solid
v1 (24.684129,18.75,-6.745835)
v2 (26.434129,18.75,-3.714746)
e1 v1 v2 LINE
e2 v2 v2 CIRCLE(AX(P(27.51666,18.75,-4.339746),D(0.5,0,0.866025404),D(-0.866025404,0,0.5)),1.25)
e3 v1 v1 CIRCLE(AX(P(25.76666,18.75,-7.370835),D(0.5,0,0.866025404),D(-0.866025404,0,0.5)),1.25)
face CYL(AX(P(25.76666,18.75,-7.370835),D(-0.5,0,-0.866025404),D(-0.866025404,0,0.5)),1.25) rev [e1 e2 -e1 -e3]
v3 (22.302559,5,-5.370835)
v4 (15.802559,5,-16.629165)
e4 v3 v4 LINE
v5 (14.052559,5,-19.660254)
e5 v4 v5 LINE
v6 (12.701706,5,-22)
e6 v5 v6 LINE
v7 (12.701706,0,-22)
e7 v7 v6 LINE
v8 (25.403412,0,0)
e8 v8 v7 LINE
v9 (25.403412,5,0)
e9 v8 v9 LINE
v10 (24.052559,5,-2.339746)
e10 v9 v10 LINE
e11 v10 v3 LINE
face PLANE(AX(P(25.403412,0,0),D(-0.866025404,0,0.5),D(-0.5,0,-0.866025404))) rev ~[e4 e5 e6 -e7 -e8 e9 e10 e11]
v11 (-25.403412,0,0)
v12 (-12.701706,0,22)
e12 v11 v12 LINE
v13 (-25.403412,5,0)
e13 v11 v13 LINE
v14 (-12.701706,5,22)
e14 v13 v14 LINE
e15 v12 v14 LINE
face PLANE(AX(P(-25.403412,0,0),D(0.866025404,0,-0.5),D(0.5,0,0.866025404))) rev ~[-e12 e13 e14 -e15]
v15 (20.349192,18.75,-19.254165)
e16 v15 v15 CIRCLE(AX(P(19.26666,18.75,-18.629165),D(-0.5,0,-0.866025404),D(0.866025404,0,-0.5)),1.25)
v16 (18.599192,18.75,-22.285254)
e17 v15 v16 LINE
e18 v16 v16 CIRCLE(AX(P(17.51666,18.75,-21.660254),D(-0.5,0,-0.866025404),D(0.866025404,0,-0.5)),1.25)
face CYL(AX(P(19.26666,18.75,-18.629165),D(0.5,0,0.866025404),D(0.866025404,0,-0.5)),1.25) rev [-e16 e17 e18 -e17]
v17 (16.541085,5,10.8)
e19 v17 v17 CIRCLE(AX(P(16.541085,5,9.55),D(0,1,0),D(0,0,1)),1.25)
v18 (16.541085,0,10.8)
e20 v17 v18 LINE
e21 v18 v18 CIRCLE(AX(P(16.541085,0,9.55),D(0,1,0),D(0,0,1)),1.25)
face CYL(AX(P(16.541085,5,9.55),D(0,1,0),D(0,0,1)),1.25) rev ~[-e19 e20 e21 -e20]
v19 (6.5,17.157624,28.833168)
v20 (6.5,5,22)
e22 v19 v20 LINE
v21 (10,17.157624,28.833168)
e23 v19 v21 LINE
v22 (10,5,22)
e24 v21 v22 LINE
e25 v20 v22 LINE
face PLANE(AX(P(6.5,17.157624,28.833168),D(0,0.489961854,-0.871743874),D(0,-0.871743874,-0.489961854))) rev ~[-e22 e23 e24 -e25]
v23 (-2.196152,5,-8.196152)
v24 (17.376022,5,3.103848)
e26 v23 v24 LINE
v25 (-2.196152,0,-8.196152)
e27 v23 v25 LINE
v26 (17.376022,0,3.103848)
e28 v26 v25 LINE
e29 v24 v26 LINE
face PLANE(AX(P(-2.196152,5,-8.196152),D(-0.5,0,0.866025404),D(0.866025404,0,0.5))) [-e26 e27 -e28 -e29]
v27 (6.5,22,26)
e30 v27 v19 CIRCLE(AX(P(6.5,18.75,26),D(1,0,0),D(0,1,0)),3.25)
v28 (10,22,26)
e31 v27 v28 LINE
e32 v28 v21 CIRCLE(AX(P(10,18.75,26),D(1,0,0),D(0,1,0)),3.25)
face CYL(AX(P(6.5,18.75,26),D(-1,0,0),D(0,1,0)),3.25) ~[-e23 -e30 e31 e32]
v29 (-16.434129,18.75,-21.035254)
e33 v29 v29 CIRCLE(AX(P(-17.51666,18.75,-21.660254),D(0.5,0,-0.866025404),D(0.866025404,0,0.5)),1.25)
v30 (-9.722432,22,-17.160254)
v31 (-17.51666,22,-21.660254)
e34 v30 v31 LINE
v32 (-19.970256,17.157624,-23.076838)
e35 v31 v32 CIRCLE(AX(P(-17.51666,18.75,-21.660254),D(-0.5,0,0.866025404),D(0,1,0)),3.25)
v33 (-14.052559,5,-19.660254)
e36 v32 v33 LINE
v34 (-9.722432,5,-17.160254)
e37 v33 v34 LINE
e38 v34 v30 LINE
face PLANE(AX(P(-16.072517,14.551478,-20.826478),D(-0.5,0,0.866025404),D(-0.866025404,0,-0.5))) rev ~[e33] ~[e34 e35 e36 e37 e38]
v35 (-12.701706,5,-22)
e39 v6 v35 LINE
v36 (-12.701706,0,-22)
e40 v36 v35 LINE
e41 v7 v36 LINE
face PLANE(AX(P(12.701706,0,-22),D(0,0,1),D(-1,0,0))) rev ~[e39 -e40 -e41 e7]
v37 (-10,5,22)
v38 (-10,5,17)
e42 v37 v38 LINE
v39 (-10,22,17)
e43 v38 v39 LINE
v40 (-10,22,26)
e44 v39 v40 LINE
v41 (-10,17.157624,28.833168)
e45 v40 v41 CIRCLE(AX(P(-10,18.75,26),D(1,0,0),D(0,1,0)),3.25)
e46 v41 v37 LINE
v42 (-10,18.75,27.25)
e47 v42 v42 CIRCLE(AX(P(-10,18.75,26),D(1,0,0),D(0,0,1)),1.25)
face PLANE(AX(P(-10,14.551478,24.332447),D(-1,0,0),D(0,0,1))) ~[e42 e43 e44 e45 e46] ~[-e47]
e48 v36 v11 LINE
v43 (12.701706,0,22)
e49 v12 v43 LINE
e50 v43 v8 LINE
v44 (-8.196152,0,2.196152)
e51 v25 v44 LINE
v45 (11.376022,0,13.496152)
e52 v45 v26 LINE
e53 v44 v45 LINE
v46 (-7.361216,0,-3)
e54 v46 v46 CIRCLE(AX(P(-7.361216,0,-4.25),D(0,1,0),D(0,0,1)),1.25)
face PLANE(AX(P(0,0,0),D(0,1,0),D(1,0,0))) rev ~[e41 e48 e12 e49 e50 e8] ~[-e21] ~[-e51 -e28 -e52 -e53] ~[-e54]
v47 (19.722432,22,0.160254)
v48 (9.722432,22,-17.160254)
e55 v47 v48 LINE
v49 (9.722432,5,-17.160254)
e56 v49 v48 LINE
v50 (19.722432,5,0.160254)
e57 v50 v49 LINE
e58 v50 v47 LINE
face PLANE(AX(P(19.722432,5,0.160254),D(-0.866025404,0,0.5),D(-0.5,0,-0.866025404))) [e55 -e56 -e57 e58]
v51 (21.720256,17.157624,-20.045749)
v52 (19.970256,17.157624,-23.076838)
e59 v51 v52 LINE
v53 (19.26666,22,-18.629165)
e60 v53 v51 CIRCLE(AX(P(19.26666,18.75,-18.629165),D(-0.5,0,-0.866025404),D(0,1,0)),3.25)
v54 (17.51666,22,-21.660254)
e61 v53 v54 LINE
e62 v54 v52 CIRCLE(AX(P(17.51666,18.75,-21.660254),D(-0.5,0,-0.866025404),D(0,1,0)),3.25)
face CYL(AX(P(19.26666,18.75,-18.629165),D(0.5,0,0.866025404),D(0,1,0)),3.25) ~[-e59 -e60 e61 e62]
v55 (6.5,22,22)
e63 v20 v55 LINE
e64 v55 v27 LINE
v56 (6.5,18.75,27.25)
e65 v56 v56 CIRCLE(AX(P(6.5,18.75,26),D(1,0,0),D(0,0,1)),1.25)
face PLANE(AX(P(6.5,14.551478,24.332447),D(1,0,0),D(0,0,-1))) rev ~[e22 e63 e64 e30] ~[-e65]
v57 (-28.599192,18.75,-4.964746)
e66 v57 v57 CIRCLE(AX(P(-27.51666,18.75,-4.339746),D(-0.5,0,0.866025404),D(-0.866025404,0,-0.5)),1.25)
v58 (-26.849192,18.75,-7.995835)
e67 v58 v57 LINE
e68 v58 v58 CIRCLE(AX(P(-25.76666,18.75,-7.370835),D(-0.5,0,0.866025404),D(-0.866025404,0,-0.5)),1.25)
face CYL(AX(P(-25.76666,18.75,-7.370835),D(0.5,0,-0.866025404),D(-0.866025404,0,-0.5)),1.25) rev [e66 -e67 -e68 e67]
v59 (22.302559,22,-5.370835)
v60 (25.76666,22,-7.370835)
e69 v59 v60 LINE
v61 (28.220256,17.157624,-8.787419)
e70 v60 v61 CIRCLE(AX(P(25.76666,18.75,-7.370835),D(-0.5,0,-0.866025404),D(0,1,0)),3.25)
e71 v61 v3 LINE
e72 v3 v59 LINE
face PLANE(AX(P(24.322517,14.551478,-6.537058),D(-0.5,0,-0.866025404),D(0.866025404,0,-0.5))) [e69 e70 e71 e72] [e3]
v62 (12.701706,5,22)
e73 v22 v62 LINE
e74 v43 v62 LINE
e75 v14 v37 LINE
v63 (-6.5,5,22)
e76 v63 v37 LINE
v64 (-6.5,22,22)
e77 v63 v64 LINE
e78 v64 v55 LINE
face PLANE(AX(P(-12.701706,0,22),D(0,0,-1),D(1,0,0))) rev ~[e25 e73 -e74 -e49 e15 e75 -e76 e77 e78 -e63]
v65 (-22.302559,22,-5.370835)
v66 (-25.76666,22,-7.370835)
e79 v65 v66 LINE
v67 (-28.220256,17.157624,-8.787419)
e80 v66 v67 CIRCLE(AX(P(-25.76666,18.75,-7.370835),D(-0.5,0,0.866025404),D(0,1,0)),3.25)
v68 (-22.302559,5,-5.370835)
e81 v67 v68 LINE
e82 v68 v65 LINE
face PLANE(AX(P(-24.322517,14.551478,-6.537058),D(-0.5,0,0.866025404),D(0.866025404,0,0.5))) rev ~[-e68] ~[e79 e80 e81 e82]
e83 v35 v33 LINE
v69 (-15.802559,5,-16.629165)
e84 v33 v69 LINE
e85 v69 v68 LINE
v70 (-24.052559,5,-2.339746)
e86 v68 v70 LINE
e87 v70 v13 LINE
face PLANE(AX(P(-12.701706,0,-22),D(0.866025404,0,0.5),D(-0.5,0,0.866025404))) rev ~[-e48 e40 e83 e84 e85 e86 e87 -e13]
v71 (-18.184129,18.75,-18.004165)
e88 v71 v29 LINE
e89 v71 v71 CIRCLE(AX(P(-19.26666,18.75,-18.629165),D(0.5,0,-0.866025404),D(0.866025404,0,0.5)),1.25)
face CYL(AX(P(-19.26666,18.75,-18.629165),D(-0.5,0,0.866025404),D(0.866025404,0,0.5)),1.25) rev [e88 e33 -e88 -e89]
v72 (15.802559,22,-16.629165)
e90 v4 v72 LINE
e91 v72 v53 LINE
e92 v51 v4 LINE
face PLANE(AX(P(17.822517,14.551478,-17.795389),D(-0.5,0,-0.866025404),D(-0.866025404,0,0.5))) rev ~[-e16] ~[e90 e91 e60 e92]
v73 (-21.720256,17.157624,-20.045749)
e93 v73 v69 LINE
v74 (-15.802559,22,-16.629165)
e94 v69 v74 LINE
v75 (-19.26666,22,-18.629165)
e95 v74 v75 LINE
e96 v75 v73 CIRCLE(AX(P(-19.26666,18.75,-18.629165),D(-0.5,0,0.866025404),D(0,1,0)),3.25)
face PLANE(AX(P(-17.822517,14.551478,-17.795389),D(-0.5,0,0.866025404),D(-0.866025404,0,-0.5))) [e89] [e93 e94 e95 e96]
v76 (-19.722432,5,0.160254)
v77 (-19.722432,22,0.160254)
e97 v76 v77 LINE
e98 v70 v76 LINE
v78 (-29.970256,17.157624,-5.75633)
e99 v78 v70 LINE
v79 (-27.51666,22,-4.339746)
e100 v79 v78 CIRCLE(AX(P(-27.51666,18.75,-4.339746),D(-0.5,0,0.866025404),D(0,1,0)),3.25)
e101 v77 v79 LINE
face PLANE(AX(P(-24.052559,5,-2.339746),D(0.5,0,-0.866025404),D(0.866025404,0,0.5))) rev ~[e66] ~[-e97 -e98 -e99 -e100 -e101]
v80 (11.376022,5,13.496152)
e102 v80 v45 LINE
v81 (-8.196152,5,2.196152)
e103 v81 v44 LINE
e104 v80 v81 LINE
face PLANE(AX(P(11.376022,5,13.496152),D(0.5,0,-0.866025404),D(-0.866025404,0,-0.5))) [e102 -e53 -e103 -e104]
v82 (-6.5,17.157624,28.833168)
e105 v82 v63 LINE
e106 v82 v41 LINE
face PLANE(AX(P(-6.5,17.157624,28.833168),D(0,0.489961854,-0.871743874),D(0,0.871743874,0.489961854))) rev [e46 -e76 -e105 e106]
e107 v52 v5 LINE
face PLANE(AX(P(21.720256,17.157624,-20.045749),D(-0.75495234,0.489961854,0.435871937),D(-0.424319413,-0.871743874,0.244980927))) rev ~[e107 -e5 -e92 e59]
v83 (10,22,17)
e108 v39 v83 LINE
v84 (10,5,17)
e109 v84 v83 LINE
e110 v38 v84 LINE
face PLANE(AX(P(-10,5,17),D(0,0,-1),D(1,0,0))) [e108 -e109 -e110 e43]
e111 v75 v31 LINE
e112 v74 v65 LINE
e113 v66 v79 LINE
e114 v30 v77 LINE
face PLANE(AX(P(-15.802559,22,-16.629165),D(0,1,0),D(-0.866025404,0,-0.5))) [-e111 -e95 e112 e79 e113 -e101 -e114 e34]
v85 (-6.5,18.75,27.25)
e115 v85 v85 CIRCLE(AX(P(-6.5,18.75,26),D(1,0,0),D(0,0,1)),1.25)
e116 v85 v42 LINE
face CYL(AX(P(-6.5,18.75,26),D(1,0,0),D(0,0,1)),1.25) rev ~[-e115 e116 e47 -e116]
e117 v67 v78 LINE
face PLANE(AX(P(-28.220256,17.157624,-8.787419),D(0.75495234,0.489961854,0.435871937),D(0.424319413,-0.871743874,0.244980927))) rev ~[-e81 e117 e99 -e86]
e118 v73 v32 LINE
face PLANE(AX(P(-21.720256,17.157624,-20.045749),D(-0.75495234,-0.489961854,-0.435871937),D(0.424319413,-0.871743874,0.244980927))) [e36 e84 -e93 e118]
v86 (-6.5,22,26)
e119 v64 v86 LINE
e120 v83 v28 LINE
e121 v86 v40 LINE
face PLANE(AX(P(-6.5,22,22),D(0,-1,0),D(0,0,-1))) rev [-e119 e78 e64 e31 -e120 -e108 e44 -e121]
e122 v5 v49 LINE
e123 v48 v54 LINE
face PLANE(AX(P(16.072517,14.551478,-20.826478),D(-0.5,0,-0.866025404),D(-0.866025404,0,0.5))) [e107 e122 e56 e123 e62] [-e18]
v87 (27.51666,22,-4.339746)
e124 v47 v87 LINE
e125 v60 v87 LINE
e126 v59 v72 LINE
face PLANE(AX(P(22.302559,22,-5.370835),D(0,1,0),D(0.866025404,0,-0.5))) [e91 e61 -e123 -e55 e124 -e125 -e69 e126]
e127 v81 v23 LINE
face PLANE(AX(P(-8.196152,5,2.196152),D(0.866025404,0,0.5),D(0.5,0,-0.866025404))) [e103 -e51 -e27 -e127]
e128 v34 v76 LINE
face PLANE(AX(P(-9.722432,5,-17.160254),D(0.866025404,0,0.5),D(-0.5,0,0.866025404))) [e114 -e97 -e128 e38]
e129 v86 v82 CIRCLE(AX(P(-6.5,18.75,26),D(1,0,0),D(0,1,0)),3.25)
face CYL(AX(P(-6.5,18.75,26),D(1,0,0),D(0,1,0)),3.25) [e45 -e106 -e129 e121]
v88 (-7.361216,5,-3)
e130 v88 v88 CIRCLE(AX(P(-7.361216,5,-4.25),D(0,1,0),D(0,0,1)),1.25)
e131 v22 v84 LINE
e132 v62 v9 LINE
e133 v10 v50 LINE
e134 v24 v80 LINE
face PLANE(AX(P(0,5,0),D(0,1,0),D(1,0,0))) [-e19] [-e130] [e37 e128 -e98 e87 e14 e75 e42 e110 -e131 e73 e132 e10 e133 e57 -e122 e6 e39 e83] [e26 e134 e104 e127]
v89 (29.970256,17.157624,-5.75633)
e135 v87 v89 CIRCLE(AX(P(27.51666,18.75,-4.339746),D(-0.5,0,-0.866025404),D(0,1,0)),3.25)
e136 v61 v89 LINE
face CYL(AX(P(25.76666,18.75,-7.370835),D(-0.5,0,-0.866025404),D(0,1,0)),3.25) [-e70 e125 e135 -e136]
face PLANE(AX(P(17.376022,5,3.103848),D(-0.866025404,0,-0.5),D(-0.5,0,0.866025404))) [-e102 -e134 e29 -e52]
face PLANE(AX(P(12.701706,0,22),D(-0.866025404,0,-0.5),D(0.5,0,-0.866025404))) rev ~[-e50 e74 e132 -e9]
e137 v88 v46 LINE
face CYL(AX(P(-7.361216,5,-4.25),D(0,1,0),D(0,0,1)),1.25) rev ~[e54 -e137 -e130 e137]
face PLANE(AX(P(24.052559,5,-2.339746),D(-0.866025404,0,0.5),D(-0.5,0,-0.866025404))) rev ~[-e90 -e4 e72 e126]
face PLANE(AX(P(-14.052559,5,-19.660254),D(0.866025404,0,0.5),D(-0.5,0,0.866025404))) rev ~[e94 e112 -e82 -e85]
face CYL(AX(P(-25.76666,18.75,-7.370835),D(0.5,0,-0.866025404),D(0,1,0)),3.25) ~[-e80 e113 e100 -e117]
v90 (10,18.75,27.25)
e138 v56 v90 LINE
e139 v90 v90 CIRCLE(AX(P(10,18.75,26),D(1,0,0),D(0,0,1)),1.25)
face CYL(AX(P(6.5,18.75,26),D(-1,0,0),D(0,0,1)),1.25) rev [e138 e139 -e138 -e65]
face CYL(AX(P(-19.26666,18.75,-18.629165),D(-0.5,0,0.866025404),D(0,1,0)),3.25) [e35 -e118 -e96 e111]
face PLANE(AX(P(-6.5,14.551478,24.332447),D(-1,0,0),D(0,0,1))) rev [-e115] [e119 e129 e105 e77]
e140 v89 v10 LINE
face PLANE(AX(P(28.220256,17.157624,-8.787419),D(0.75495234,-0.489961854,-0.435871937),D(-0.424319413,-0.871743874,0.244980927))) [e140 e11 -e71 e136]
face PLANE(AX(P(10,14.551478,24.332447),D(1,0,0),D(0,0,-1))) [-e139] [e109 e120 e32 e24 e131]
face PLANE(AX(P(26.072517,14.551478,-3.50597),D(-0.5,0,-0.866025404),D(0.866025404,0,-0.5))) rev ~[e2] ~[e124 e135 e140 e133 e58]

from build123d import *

# Parameters (mm, degrees)
BOSS_EXTRUDE1_DEPTH         = 5
SKETCH4_W                   = 20
SKETCH4_H                   = 5
BOSS_EXTRUDE3_DEPTH         = 17
BOSS_EXTRUDE2_START         = 6.5
SKETCH2_R                   = 1.25
BOSS_EXTRUDE2_DEPTH         = 3.5
CIRPATTERN1_COUNT           = 3
CIRPATTERN1_COPY_1_SKETCH_W = 20
CIRPATTERN1_COPY_1_SKETCH_H = 5
CIRPATTERN1_COPY_1_DEPTH    = 17
CIRPATTERN1_COPY_2_SKETCH_W = 20
CIRPATTERN1_COPY_2_SKETCH_H = 5
CIRPATTERN1_COPY_2_DEPTH    = 17
CIRPATTERN1_START           = 6.5
CIRPATTERN1_COPY_3_SKETCH_R = 1.25
CIRPATTERN1_COPY_3_DEPTH    = 3.5
CIRPATTERN1_COPY_4_SKETCH_R = 1.25
CIRPATTERN1_COPY_4_DEPTH    = 3.5
CUT_EXTRUDE1_REACH          = 47.437
CUT_EXTRUDE2_REACH          = 47.437
SKETCH6_R                   = 1.25


with BuildPart() as part:
    # Sketch1 → Boss-Extrude1 (new body)
    with BuildSketch(Plane(origin=(0, 0, 0), x_dir=(1, 0, 0), z_dir=(0, 1, 0))):
        Polygon((25.403411844, 0), (12.701705922, 22), (-12.701705922, 22), (-25.403411844, 0), (-12.701705922, -22), (12.701705922, -22), align=None)
    extrude(amount=BOSS_EXTRUDE1_DEPTH)

    # Sketch4 → Boss-Extrude3 (add)
    with BuildSketch(Plane(origin=(0, 5, 0), x_dir=(1, 0, 0), z_dir=(0, 1, 0))):
        with Locations((0, -19.5)):
            Rectangle(SKETCH4_W, SKETCH4_H)
    boss_extrude3 = extrude(amount=BOSS_EXTRUDE3_DEPTH)

    # Sketch2 → Boss-Extrude2 (add)
    with BuildSketch(Plane(origin=(0, 0, 0), x_dir=(0, 0, -1), z_dir=(1, 0, 0)).offset(BOSS_EXTRUDE2_START)):
        with BuildLine():
            Line((-22, 22), (-26, 22))
            ThreePointArc((-26, 22), (-28.805149023, 20.391230928), (-28.83316759, 17.157623974))
            Line((-28.83316759, 17.157623974), (-22, 5))
            Line((-22, 5), (-22, 22))
        make_face()
        with Locations(Location((-26, 18.75, 0), (0, 0, 180))):
            Circle(SKETCH2_R, mode=Mode.SUBTRACT)
    boss_extrude2 = extrude(amount=BOSS_EXTRUDE2_DEPTH)

    # Mirror1: Boss-Extrude3, Boss-Extrude2 across plane
    add(boss_extrude3.mirror(Plane(origin=(0, 0, 0), x_dir=(0, 0, 1), z_dir=(1, 0, 0))))
    add(boss_extrude2.mirror(Plane(origin=(0, 0, 0), x_dir=(0, 0, 1), z_dir=(1, 0, 0))))

    # CirPattern1: Boss-Extrude3, Boss-Extrude2 ×3 about axis
    cirpattern1_axis = Axis((0, 0, 0), (0, 1, 0))
    add([boss_extrude3.rotate(cirpattern1_axis, i * 360 / CIRPATTERN1_COUNT) for i in range(1, CIRPATTERN1_COUNT)])
    add([boss_extrude2.rotate(cirpattern1_axis, i * 360 / CIRPATTERN1_COUNT) for i in range(1, CIRPATTERN1_COUNT)])

    # CirPattern1 copy 1 sketch → CirPattern1 copy 1 (add)
    with BuildSketch(Plane(origin=(0, 5, 0), x_dir=(0.4999999999999998, 0, 0.8660254037844387), z_dir=(0, 1, 0))):
        with Locations((0, 19.5)):
            Rectangle(CIRPATTERN1_COPY_1_SKETCH_W, CIRPATTERN1_COPY_1_SKETCH_H)
    extrude(amount=CIRPATTERN1_COPY_1_DEPTH)

    # CirPattern1 copy 2 sketch → CirPattern1 copy 2 (add)
    with BuildSketch(Plane(origin=(0, 5, 0), x_dir=(0.5000000000000004, 0, -0.8660254037844384), z_dir=(0, 1, 0))):
        with Locations((0, 19.5)):
            Rectangle(CIRPATTERN1_COPY_2_SKETCH_W, CIRPATTERN1_COPY_2_SKETCH_H)
    extrude(amount=CIRPATTERN1_COPY_2_DEPTH)

    # CirPattern1 copy 3 sketch → CirPattern1 copy 3 (add)
    with BuildSketch(Plane(origin=(0, 0, 0), x_dir=(-0.8660254037844387, 0, 0.4999999999999998), z_dir=(0.4999999999999998, 0, 0.8660254037844387)).offset(CIRPATTERN1_START)):
        with BuildLine():
            Line((-22, -22), (-26, -22))
            ThreePointArc((-26, -22), (-28.805149023, -20.391230928), (-28.83316759, -17.157623974))
            Line((-28.83316759, -17.157623974), (-22, -5))
            Line((-22, -5), (-22, -22))
        make_face()
        with Locations((-26, -18.75)):
            Circle(CIRPATTERN1_COPY_3_SKETCH_R, mode=Mode.SUBTRACT)
    extrude(amount=CIRPATTERN1_COPY_3_DEPTH)

    # CirPattern1 copy 4 sketch → CirPattern1 copy 4 (add)
    with BuildSketch(Plane(origin=(0, 0, 0), x_dir=(0.8660254037844384, 0, 0.5000000000000004), z_dir=(0.5000000000000004, 0, -0.8660254037844384)).offset(CIRPATTERN1_START)):
        with BuildLine():
            Line((-22, -22), (-26, -22))
            ThreePointArc((-26, -22), (-28.805149023, -20.391230928), (-28.83316759, -17.157623974))
            Line((-28.83316759, -17.157623974), (-22, -5))
            Line((-22, -5), (-22, -22))
        make_face()
        with Locations((-26, -18.75)):
            Circle(CIRPATTERN1_COPY_4_SKETCH_R, mode=Mode.SUBTRACT)
    extrude(amount=CIRPATTERN1_COPY_4_DEPTH)

    # Sketch3 → Cut-Extrude1 (cut, up to next)
    with BuildSketch(Plane(origin=(0, 5, 0), x_dir=(1, 0, 0), z_dir=(0, 1, 0)), mode=Mode.PRIVATE) as cut_extrude1_sk1:
        Polygon((-2.196152423, 8.196152423), (17.376021703, -3.103847577), (11.376021703, -13.496152423), (-8.196152423, -2.196152423), align=None)
    cut_extrude1_tool1 = extrude(cut_extrude1_sk1.sketch, amount=-CUT_EXTRUDE1_REACH, mode=Mode.PRIVATE) & part.part
    add(cut_extrude1_tool1.solids().sort_by_distance((4.589935, 5, 2.65))[0], mode=Mode.SUBTRACT)

    # Sketch6 → Cut-Extrude2 (cut, up to next)
    with BuildSketch(Plane(origin=(0, 5, 0), x_dir=(1, 0, 0), z_dir=(0, 1, 0)), mode=Mode.PRIVATE) as cut_extrude2_sk1:
        with Locations(Location((-7.361215932, 4.25, 0), (0, 0, 270))):
            Circle(SKETCH6_R)
    cut_extrude2_tool1 = extrude(cut_extrude2_sk1.sketch, amount=-CUT_EXTRUDE2_REACH, mode=Mode.PRIVATE) & part.part
    # Sketch6 → Cut-Extrude2 (cut, up to next)
    with BuildSketch(Plane(origin=(0, 5, 0), x_dir=(1, 0, 0), z_dir=(0, 1, 0)), mode=Mode.PRIVATE) as cut_extrude2_sk2:
        with Locations(Location((16.541085212, -9.55, 0), (0, 0, 270))):
            Circle(SKETCH6_R)
    cut_extrude2_tool2 = extrude(cut_extrude2_sk2.sketch, amount=-CUT_EXTRUDE2_REACH, mode=Mode.PRIVATE) & part.part
    add(cut_extrude2_tool1.solids().sort_by_distance((-7.361216, 5, -4.25))[0], mode=Mode.SUBTRACT)
    add(cut_extrude2_tool2.solids().sort_by_distance((16.541085, 5, 9.55))[0], mode=Mode.SUBTRACT)


solid = part.part
